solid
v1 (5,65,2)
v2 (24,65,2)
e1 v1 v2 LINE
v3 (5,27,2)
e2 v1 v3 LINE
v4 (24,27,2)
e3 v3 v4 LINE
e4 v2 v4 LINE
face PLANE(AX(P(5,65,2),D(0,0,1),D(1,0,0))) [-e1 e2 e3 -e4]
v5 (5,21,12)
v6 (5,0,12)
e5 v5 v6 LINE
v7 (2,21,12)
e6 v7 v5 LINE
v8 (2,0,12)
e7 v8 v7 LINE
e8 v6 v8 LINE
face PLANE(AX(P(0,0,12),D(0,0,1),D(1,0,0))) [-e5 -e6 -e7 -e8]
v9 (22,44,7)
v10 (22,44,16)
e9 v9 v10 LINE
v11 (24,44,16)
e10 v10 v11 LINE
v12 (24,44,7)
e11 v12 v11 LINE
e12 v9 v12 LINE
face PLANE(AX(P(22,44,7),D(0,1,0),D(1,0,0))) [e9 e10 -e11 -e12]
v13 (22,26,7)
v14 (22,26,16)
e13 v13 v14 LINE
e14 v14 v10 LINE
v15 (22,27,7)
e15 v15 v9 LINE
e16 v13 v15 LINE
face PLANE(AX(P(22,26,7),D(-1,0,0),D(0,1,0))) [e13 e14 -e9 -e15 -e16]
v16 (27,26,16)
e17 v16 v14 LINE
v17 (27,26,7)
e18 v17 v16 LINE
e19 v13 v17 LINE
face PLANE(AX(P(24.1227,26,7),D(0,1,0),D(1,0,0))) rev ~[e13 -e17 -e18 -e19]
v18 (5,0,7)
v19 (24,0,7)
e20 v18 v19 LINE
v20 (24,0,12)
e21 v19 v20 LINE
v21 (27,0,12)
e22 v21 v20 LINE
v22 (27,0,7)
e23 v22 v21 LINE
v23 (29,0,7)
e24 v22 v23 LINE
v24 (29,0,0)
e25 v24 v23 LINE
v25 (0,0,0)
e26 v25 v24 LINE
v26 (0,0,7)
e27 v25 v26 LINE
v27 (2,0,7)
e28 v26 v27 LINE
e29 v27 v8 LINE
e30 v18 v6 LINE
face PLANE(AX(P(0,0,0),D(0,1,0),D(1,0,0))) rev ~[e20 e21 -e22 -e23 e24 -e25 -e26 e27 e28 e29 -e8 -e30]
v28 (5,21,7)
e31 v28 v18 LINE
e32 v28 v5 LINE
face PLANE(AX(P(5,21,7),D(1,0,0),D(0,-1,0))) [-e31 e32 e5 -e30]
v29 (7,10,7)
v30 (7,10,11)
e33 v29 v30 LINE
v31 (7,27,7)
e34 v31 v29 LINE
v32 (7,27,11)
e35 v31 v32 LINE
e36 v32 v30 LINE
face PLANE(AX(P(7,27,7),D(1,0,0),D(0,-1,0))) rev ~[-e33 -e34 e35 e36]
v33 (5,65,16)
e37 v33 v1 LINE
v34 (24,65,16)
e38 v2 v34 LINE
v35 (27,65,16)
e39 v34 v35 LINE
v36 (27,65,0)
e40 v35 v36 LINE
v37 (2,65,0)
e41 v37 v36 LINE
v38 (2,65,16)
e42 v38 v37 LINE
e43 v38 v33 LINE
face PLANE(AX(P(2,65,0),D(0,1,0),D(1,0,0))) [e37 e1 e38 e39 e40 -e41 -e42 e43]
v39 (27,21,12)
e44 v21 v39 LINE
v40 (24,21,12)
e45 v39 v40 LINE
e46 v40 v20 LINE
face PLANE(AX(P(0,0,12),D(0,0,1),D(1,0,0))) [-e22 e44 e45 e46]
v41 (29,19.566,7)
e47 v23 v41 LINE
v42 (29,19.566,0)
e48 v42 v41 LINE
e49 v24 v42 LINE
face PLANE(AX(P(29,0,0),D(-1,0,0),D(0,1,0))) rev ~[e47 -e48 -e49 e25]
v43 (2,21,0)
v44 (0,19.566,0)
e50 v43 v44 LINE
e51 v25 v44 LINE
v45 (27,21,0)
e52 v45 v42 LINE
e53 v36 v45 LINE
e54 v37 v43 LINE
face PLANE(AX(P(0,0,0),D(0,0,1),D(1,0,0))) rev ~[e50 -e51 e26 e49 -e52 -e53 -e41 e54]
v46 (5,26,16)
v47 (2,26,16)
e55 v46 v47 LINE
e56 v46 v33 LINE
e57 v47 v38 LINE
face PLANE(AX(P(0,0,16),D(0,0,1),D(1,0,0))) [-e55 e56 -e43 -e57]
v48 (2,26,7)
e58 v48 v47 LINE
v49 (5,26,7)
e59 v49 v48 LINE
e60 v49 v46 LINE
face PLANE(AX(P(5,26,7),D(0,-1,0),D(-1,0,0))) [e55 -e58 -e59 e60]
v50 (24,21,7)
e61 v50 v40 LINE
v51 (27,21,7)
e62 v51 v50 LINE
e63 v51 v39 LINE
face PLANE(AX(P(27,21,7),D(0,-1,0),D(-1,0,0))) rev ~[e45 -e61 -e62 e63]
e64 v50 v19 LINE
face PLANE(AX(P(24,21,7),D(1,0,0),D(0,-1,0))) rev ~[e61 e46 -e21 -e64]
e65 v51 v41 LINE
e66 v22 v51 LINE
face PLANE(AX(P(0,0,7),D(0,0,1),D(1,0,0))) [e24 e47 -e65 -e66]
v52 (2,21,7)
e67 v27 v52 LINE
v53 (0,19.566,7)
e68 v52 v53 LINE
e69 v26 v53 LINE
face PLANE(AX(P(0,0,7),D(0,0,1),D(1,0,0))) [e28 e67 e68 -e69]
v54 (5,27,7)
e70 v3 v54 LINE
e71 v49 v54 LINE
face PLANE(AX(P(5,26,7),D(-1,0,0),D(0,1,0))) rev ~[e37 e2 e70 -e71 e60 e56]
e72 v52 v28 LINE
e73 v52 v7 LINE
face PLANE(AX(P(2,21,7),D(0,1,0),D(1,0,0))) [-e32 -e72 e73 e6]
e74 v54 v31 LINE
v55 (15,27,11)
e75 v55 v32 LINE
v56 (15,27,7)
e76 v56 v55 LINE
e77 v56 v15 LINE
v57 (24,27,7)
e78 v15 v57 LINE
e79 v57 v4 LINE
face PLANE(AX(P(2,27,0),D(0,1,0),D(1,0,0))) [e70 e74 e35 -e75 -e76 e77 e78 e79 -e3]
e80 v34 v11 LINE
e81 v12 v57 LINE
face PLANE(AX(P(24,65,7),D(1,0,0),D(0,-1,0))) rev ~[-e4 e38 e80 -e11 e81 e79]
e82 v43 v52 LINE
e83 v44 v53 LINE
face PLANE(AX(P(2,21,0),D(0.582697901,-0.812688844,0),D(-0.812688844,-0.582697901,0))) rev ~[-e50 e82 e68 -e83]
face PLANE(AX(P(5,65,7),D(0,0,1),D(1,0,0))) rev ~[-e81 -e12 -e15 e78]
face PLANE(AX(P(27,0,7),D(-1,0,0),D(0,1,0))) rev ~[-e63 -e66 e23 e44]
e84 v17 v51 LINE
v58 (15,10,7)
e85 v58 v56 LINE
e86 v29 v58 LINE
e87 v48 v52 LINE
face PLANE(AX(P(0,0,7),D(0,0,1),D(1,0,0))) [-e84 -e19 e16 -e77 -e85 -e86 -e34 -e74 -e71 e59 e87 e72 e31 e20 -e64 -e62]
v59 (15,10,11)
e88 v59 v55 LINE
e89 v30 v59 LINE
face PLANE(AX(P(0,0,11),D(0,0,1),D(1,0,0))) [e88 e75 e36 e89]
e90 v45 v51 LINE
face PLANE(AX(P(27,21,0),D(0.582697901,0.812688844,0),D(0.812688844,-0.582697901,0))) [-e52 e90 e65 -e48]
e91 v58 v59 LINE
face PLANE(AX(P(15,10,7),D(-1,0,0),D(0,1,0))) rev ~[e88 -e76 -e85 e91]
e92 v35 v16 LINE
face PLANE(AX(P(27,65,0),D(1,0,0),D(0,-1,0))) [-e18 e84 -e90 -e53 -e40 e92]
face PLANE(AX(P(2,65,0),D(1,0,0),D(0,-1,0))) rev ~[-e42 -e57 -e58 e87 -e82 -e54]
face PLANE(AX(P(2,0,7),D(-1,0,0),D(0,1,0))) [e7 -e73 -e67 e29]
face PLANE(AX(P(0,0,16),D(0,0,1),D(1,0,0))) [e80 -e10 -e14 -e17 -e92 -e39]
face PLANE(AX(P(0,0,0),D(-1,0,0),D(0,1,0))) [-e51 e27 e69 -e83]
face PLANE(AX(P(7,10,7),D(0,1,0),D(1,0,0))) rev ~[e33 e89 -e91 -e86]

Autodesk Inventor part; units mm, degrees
ref_plane "YZ Plane" through (0, 0, 0) normal (1, 0, 0) x (0, 1, 0)
ref_plane "XZ Plane" through (0, 0, 0) normal (0, 1, 0) x (-1, 0, 0)
ref_plane "XY Plane" through (0, 0, 0) normal (0, 0, 1) x (1, 0, 0)
sketch "Boceto1" plane through (0, 0, 0) normal (0, 0, 1) x (1, 0, 0)
  line L0 (0, 0) -> (0, 19.566)
  line L1 (2, 65) -> (2, 21)
  line L2 (2, 21) -> (0, 19.566)
  line L3 (2, 65) -> (14.5, 65)
  line L4 (29, 0) -> (29, 19.566)
  line L5 (27, 65) -> (27, 21)
  line L6 (27, 21) -> (29, 19.566)
  line L7 (27, 65) -> (14.5, 65)
  line L8 (0, 0) -> (29, 0)
extrude "Extrusión1" add sketch "Boceto1" along normal blind 7
sketch "Boceto2" plane through (0, 0, 7) normal (0, 0, 1) x (1, 0, 0)
  line L0 (27, 65) -> (27, 21) projected
  line L1 (2, 65) -> (27, 65) projected
  line L2 (2, 21) -> (2, 65) projected
  line L3 (2, 65) -> (5, 65)
  line L4 (2, 65) -> (2, 26)
  line L5 (5, 26) -> (5, 65)
  line L6 (27, 65) -> (24, 65)
  line L7 (24, 65) -> (24, 44)
  line L8 (27, 65) -> (27, 26)
  line L9 (5, 26) -> (2, 26)
  line L10 (24, 26) -> (27, 26)
  line L11 (24.1227, 26) -> (22, 26)
  line L12 (22, 26) -> (22, 44)
  line L13 (22, 44) -> (24, 44)
  dimension "d7" = 18
extrude "Extrusión2" add sketch "Boceto2" along normal blind 9
sketch "Boceto3" plane through (0, 0, 7) normal (0, 0, 1) x (1, 0, 0)
  line L0 (5, 65) -> (24, 65) projected
  line L1 (29, 0) -> (0, 0) projected
  line L2 (22, 44) -> (24, 44) projected
  line L3 (2, 0) -> (2, 21)
  line L4 (2, 21) -> (5, 21)
  line L5 (5, 21) -> (5, 0)
  line L6 (5, 0) -> (2, 0)
  line L7 (27, 0) -> (27, 21)
  line L8 (27, 21) -> (24, 21)
  line L9 (24, 21) -> (24, 0)
  line L10 (24, 0) -> (27, 0)
  dimension "d9" = 21
extrude "Extrusión3" add sketch "Boceto3" along normal blind 5
sketch "Boceto4" plane through (0, 0, 7) normal (0, 0, 1) x (1, 0, 0)
  line L0 (29, 0) -> (0, 0) projected
  line L1 (7, 10) -> (15, 10)
  line L2 (15, 10) -> (15, 27)
  line L3 (15, 27) -> (7, 27)
  line L4 (7, 27) -> (7, 10)
  dimension "d22" = 8
extrude "Extrusión4" add sketch "Boceto4" along normal blind 4
sketch "Sketch5" plane through (2, 65, 0) normal (0, 1, 0) x (1, 0, 0)
  line L0 (3, -7) -> (22, -7) projected
  line L1 (0, 0) -> (25, 0) projected
  line L2 (3, -7) -> (3, -16) projected
  line L3 (22, 2) -> (3, 2)
  line L4 (3, 2) -> (3, -2)
  line L5 (3, -2) -> (22, -2)
  line L6 (22, -2) -> (22, 2)
  line L7 (22, 2) -> (3, -2) construction
  line L8 (3, 2) -> (22, -2) construction
  line L9 (3, -2) -> (3, -7)
  line L10 (22, -7) -> (22, -2)
  line L11 (3, -7) -> (22, -7)
  point P0 (-2, 0)
  point P1 (12.5, 0)
  dimension "d23" = 4
extrude "Extrusion5" cut sketch "Sketch5" against normal up to surface (38 mm away) contours L9 L5 L10 L0
properties part number "fio"
